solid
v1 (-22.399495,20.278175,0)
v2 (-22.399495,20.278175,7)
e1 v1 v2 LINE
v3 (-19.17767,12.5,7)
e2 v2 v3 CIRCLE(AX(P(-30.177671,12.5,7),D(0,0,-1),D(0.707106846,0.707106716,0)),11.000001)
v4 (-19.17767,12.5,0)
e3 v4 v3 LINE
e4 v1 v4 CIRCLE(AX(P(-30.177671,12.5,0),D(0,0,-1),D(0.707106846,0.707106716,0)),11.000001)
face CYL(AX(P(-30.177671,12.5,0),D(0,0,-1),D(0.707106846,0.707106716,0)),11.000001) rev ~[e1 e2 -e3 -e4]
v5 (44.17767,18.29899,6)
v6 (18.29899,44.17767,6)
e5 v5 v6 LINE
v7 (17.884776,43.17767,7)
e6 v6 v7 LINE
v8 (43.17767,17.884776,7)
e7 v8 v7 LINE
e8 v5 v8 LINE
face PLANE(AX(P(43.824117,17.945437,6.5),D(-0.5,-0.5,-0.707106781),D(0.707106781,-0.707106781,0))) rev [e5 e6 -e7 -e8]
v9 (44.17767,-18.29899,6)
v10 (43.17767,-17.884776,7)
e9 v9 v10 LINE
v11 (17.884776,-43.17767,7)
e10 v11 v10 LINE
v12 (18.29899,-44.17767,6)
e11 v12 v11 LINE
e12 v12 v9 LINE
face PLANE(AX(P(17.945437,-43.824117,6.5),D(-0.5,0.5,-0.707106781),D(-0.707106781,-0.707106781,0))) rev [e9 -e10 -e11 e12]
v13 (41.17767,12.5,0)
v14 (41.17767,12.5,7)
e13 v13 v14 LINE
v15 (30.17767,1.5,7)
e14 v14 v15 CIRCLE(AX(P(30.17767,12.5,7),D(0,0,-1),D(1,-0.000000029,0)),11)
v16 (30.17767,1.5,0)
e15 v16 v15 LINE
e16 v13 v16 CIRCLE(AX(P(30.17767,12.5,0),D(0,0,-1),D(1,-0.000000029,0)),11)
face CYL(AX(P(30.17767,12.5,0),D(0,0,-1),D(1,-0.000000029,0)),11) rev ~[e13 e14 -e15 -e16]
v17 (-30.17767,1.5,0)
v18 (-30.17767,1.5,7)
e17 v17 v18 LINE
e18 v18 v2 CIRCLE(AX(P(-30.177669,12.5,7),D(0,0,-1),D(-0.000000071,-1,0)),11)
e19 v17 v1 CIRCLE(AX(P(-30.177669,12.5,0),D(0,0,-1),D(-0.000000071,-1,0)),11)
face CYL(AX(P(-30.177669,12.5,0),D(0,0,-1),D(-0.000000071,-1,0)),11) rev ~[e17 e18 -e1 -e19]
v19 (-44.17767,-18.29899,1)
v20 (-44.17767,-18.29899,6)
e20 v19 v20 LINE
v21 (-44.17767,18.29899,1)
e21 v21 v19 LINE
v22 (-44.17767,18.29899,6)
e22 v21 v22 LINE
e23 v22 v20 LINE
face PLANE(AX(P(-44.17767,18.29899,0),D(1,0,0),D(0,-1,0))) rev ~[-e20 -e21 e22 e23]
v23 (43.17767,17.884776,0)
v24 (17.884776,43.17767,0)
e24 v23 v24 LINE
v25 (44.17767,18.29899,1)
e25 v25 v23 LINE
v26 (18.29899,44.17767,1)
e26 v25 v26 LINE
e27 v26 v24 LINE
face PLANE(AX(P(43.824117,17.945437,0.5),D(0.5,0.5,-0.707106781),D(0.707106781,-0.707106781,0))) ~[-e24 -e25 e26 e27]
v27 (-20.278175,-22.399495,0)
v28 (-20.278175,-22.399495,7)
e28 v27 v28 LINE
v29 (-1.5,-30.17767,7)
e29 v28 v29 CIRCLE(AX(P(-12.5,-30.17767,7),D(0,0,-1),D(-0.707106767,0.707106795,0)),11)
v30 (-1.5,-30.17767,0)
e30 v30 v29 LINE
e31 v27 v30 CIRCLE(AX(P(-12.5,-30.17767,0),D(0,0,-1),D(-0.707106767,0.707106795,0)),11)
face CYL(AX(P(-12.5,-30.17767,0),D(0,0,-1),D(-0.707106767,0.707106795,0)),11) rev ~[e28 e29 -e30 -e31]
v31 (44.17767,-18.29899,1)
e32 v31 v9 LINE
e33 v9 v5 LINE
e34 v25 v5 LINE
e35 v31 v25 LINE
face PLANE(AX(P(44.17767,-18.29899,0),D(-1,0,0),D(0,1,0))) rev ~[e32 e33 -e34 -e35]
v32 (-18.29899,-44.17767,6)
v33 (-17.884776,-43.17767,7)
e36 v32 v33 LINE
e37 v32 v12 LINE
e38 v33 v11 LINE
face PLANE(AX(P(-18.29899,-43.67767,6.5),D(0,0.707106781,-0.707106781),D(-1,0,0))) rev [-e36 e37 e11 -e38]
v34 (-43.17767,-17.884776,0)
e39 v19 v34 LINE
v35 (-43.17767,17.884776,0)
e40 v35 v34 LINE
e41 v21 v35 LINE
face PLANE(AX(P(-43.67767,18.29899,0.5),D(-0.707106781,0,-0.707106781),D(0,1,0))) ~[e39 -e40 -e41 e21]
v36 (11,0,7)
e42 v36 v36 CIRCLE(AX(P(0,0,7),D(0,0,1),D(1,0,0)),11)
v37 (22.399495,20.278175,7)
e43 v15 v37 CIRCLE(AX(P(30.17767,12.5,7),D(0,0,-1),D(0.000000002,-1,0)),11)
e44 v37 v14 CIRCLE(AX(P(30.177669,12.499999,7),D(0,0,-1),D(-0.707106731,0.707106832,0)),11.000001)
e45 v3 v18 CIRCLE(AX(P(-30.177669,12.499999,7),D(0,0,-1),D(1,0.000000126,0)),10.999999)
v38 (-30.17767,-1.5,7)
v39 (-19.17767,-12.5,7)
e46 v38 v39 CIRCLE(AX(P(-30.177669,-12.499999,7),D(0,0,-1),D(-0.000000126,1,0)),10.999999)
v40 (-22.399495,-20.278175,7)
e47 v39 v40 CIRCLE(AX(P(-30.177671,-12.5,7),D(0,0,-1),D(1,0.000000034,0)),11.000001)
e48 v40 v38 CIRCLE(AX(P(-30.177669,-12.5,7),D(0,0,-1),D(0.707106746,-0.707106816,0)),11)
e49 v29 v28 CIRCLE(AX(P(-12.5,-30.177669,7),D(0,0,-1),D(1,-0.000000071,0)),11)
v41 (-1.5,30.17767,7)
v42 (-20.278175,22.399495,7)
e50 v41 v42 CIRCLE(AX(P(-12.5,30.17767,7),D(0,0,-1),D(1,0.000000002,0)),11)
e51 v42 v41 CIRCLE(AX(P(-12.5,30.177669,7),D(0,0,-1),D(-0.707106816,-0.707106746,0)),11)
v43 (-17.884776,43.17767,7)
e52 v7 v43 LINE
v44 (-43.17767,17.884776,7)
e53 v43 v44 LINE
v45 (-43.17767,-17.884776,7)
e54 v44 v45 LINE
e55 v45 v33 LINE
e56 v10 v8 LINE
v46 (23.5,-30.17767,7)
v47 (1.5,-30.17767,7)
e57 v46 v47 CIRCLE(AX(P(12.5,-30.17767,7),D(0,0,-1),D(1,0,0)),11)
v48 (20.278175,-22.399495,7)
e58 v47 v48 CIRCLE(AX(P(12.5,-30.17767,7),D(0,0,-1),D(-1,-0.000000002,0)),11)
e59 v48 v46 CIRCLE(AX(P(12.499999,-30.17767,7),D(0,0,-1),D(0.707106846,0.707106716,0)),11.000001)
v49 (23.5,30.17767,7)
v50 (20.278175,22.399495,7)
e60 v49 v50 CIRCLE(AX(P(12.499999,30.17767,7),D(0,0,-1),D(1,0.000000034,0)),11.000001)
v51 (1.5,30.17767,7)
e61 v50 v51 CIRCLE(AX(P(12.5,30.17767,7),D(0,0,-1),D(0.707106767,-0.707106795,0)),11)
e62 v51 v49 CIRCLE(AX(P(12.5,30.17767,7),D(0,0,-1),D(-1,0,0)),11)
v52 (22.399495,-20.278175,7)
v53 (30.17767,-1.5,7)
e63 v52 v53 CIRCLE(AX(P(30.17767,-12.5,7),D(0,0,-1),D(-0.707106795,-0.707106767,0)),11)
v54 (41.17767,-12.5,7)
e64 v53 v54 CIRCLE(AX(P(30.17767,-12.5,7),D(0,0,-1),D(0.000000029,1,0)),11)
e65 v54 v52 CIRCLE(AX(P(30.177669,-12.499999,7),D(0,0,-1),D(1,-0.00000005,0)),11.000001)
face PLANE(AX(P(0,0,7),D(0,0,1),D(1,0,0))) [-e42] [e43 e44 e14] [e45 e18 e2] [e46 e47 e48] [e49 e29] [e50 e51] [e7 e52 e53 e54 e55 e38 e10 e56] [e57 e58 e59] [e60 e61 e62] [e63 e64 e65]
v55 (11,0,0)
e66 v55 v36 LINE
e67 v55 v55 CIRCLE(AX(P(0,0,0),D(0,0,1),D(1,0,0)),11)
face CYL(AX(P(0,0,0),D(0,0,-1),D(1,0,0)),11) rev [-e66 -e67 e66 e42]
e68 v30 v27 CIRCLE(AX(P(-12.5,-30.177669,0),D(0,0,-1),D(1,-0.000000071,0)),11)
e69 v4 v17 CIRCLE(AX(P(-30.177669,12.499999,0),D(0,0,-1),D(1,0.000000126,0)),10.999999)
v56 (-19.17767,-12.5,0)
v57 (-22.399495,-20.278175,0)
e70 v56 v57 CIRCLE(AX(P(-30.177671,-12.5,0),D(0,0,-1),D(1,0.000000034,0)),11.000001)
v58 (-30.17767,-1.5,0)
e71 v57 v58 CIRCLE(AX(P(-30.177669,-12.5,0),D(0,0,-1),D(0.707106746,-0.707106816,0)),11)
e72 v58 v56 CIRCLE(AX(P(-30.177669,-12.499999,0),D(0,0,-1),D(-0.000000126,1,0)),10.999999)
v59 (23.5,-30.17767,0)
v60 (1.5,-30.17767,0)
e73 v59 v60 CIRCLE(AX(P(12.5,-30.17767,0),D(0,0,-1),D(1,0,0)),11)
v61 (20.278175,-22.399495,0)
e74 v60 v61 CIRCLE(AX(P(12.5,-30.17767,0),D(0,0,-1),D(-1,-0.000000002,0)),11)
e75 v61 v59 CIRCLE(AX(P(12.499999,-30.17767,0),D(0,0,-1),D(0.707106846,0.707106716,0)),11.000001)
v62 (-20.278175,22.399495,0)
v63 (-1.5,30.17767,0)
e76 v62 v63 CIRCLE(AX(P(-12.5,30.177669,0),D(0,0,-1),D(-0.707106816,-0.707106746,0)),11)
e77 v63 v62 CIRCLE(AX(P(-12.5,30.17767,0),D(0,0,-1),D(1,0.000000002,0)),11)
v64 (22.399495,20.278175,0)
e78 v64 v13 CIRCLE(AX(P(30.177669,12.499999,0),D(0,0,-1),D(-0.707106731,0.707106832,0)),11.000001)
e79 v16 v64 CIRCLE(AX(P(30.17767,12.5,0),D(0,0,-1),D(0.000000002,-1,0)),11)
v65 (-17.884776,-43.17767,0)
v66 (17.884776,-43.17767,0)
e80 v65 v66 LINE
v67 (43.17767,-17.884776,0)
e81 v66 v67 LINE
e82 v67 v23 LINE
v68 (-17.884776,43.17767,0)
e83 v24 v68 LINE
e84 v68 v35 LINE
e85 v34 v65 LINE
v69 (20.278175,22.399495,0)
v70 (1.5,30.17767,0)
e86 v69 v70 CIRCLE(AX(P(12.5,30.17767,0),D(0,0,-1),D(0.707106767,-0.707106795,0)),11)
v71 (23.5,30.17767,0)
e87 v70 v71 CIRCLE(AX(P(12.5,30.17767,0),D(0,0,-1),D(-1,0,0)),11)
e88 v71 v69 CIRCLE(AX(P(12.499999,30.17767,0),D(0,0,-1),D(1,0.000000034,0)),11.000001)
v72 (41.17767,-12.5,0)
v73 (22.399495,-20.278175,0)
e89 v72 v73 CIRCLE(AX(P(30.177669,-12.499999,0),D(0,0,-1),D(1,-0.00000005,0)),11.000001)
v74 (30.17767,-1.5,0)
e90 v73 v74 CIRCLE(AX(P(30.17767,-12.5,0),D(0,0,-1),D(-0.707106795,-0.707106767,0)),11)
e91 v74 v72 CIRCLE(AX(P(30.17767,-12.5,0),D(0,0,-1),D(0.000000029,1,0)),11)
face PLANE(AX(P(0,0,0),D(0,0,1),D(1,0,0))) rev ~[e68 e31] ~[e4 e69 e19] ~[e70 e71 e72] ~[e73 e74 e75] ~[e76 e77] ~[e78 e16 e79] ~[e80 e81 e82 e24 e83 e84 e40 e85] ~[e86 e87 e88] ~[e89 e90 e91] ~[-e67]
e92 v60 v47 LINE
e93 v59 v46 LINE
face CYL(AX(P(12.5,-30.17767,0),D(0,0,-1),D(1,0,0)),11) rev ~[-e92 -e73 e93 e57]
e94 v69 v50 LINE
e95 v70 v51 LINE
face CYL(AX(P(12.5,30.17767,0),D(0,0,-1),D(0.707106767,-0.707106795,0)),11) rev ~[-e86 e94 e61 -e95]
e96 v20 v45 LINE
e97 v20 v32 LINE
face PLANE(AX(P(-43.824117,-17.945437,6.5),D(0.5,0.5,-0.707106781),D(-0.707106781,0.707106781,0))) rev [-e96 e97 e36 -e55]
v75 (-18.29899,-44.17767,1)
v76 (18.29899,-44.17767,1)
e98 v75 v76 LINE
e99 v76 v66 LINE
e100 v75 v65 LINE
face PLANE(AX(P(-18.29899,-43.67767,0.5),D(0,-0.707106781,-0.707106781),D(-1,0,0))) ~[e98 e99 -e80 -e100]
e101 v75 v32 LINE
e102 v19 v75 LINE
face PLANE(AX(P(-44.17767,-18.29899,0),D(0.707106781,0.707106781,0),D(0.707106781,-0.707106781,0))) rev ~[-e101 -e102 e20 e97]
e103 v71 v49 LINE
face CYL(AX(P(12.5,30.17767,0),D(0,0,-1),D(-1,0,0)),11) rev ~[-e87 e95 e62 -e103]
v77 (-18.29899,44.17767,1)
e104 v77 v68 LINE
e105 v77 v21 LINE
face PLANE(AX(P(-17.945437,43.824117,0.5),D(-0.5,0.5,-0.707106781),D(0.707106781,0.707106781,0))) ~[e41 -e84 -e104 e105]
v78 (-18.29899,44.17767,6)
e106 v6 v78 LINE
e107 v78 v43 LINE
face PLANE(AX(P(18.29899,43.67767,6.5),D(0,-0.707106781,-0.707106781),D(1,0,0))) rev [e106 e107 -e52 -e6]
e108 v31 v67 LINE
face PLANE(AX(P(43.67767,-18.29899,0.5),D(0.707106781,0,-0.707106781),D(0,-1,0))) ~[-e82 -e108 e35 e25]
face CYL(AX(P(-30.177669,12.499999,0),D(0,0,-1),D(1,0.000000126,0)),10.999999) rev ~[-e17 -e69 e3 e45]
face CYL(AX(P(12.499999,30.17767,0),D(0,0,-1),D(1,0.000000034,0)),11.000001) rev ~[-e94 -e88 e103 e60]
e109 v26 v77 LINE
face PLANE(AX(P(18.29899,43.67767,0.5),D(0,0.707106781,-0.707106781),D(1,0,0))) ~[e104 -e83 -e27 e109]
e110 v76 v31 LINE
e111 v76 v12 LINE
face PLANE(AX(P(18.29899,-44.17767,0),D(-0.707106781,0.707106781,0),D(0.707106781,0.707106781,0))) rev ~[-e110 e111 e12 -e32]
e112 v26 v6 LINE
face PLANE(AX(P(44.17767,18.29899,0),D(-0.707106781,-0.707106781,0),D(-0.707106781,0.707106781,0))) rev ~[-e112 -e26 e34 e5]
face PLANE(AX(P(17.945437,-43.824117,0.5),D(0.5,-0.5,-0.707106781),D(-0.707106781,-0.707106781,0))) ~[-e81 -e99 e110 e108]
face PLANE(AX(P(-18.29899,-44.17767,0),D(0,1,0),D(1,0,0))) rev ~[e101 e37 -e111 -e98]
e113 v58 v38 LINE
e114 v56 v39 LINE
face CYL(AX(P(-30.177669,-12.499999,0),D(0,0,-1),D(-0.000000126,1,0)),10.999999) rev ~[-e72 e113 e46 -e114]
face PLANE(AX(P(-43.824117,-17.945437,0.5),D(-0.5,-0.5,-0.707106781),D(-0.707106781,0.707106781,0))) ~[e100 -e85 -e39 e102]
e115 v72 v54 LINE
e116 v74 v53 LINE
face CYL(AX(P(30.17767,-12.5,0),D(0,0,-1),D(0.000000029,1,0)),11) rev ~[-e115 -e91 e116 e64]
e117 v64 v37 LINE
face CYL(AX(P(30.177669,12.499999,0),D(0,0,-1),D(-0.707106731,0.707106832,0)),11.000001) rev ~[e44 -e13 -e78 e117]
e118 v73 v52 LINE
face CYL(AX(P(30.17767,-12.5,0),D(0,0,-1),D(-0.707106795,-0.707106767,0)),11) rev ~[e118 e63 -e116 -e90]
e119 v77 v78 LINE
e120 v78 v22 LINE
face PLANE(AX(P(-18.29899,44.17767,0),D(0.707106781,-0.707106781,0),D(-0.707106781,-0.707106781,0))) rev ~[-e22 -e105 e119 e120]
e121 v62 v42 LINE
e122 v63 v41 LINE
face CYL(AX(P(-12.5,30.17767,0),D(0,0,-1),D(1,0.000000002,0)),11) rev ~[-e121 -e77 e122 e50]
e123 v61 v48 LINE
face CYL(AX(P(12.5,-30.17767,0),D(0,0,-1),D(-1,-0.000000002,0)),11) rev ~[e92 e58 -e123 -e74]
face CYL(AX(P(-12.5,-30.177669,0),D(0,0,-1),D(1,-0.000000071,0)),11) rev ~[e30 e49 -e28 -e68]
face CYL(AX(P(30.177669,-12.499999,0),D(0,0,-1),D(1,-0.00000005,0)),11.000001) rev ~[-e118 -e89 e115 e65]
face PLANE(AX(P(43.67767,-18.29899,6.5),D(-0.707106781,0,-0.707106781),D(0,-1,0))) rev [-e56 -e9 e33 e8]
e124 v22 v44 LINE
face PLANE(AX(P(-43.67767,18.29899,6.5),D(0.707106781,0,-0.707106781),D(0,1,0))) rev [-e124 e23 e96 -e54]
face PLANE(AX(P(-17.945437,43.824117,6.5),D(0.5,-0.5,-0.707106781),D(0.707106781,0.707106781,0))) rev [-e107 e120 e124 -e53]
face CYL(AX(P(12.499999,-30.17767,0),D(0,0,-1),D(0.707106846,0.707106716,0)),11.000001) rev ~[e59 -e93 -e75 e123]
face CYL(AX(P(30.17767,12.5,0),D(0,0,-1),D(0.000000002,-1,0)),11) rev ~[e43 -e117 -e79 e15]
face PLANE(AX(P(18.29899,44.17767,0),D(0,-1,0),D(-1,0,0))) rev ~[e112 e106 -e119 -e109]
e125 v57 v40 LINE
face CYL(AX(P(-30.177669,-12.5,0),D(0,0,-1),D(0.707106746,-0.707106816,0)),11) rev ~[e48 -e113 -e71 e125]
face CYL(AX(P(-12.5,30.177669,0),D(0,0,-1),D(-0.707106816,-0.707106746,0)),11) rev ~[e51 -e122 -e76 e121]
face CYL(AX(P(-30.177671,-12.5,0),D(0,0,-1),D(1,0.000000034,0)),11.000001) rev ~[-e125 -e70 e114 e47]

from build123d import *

# Parameters (mm, degrees)
F0_R     = 11
F1_DEPTH = 7
F2_SIZE  = 1


with BuildPart() as f1:
    # F0 (on Top) → F1 (new body)
    with BuildSketch(Plane.XY):
        Polygon((44.17767, -18.29899), (44.17767, 18.29899), (18.29899, 44.17767), (-18.29899, 44.17767), (-44.17767, 18.29899), (-44.17767, -18.29899), (-18.29899, -44.17767), (18.29899, -44.17767), align=None)
        with BuildLine():
            ThreePointArc((-20.278175, -22.399495), (-8.290482, -20.014995), (-1.5, -30.17767))
            ThreePointArc((-1.5, -30.17767), (-16.709518, -40.340344), (-20.278175, -22.399495))
        make_face(mode=Mode.SUBTRACT)
        with BuildLine():
            ThreePointArc((-30.17767, -1.5), (-22.399495, -4.721825), (-19.17767, -12.5))
            ThreePointArc((-19.17767, -12.5), (-20.014995, -16.709518), (-22.399495, -20.278175))
            ThreePointArc((-22.399495, -20.278175), (-40.340344, -16.709518), (-30.17767, -1.5))
        make_face(mode=Mode.SUBTRACT)
        with BuildLine():
            ThreePointArc((20.278175, -22.399495), (22.662675, -25.968152), (23.5, -30.17767))
            ThreePointArc((23.5, -30.17767), (12.5, -41.17767), (1.5, -30.17767))
            ThreePointArc((1.5, -30.17767), (8.290482, -20.014995), (20.278175, -22.399495))
        make_face(mode=Mode.SUBTRACT)
        with BuildLine():
            ThreePointArc((30.17767, -1.5), (37.955844, -4.721825), (41.17767, -12.5))
            ThreePointArc((41.17767, -12.5), (34.387187, -22.662675), (22.399495, -20.278175))
            ThreePointArc((22.399495, -20.278175), (20.014995, -8.290482), (30.17767, -1.5))
        make_face(mode=Mode.SUBTRACT)
        with BuildLine():
            ThreePointArc((-22.399495, 20.278175), (-20.014995, 16.709518), (-19.17767, 12.5))
            ThreePointArc((-19.17767, 12.5), (-22.399495, 4.721825), (-30.17767, 1.5))
            ThreePointArc((-30.17767, 1.5), (-40.340344, 16.709518), (-22.399495, 20.278175))
        make_face(mode=Mode.SUBTRACT)
        with BuildLine():
            ThreePointArc((-20.278175, 22.399495), (-16.709518, 40.340344), (-1.5, 30.17767))
            ThreePointArc((-1.5, 30.17767), (-8.290482, 20.014995), (-20.278175, 22.399495))
        make_face(mode=Mode.SUBTRACT)
        Circle(F0_R, mode=Mode.SUBTRACT)
        with BuildLine():
            ThreePointArc((22.399495, 20.278175), (34.387187, 22.662675), (41.17767, 12.5))
            ThreePointArc((41.17767, 12.5), (37.955844, 4.721825), (30.17767, 1.5))
            ThreePointArc((30.17767, 1.5), (20.014995, 8.290482), (22.399495, 20.278175))
        make_face(mode=Mode.SUBTRACT)
        with BuildLine():
            ThreePointArc((1.5, 30.17767), (12.5, 41.17767), (23.5, 30.17767))
            ThreePointArc((23.5, 30.17767), (22.662675, 25.968152), (20.278175, 22.399495))
            ThreePointArc((20.278175, 22.399495), (8.290482, 20.014995), (1.5, 30.17767))
        make_face(mode=Mode.SUBTRACT)
    extrude(amount=F1_DEPTH)

    # F2
    f2_edges = [f1.edges().sort_by_distance(p)[0] for p in [
        (-31.23833, 31.23833, 0),
        (-44.17767, 0, 0),
        (-31.23833, -31.23833, 0),
        (0, -44.17767, 0),
        (31.23833, -31.23833, 0),
        (44.17767, 0, 0),
        (0, 44.17767, 0),
        (31.23833, 31.23833, 0),
        (31.23833, 31.23833, 7),
        (44.17767, 0, 7),
        (31.23833, -31.23833, 7),
        (0, -44.17767, 7),
        (-31.23833, -31.23833, 7),
        (-31.23833, 31.23833, 7),
        (-44.17767, 0, 7),
        (0, 44.17767, 7),
    ]]
    chamfer(f2_edges, length=F2_SIZE)


solid = f1.part
